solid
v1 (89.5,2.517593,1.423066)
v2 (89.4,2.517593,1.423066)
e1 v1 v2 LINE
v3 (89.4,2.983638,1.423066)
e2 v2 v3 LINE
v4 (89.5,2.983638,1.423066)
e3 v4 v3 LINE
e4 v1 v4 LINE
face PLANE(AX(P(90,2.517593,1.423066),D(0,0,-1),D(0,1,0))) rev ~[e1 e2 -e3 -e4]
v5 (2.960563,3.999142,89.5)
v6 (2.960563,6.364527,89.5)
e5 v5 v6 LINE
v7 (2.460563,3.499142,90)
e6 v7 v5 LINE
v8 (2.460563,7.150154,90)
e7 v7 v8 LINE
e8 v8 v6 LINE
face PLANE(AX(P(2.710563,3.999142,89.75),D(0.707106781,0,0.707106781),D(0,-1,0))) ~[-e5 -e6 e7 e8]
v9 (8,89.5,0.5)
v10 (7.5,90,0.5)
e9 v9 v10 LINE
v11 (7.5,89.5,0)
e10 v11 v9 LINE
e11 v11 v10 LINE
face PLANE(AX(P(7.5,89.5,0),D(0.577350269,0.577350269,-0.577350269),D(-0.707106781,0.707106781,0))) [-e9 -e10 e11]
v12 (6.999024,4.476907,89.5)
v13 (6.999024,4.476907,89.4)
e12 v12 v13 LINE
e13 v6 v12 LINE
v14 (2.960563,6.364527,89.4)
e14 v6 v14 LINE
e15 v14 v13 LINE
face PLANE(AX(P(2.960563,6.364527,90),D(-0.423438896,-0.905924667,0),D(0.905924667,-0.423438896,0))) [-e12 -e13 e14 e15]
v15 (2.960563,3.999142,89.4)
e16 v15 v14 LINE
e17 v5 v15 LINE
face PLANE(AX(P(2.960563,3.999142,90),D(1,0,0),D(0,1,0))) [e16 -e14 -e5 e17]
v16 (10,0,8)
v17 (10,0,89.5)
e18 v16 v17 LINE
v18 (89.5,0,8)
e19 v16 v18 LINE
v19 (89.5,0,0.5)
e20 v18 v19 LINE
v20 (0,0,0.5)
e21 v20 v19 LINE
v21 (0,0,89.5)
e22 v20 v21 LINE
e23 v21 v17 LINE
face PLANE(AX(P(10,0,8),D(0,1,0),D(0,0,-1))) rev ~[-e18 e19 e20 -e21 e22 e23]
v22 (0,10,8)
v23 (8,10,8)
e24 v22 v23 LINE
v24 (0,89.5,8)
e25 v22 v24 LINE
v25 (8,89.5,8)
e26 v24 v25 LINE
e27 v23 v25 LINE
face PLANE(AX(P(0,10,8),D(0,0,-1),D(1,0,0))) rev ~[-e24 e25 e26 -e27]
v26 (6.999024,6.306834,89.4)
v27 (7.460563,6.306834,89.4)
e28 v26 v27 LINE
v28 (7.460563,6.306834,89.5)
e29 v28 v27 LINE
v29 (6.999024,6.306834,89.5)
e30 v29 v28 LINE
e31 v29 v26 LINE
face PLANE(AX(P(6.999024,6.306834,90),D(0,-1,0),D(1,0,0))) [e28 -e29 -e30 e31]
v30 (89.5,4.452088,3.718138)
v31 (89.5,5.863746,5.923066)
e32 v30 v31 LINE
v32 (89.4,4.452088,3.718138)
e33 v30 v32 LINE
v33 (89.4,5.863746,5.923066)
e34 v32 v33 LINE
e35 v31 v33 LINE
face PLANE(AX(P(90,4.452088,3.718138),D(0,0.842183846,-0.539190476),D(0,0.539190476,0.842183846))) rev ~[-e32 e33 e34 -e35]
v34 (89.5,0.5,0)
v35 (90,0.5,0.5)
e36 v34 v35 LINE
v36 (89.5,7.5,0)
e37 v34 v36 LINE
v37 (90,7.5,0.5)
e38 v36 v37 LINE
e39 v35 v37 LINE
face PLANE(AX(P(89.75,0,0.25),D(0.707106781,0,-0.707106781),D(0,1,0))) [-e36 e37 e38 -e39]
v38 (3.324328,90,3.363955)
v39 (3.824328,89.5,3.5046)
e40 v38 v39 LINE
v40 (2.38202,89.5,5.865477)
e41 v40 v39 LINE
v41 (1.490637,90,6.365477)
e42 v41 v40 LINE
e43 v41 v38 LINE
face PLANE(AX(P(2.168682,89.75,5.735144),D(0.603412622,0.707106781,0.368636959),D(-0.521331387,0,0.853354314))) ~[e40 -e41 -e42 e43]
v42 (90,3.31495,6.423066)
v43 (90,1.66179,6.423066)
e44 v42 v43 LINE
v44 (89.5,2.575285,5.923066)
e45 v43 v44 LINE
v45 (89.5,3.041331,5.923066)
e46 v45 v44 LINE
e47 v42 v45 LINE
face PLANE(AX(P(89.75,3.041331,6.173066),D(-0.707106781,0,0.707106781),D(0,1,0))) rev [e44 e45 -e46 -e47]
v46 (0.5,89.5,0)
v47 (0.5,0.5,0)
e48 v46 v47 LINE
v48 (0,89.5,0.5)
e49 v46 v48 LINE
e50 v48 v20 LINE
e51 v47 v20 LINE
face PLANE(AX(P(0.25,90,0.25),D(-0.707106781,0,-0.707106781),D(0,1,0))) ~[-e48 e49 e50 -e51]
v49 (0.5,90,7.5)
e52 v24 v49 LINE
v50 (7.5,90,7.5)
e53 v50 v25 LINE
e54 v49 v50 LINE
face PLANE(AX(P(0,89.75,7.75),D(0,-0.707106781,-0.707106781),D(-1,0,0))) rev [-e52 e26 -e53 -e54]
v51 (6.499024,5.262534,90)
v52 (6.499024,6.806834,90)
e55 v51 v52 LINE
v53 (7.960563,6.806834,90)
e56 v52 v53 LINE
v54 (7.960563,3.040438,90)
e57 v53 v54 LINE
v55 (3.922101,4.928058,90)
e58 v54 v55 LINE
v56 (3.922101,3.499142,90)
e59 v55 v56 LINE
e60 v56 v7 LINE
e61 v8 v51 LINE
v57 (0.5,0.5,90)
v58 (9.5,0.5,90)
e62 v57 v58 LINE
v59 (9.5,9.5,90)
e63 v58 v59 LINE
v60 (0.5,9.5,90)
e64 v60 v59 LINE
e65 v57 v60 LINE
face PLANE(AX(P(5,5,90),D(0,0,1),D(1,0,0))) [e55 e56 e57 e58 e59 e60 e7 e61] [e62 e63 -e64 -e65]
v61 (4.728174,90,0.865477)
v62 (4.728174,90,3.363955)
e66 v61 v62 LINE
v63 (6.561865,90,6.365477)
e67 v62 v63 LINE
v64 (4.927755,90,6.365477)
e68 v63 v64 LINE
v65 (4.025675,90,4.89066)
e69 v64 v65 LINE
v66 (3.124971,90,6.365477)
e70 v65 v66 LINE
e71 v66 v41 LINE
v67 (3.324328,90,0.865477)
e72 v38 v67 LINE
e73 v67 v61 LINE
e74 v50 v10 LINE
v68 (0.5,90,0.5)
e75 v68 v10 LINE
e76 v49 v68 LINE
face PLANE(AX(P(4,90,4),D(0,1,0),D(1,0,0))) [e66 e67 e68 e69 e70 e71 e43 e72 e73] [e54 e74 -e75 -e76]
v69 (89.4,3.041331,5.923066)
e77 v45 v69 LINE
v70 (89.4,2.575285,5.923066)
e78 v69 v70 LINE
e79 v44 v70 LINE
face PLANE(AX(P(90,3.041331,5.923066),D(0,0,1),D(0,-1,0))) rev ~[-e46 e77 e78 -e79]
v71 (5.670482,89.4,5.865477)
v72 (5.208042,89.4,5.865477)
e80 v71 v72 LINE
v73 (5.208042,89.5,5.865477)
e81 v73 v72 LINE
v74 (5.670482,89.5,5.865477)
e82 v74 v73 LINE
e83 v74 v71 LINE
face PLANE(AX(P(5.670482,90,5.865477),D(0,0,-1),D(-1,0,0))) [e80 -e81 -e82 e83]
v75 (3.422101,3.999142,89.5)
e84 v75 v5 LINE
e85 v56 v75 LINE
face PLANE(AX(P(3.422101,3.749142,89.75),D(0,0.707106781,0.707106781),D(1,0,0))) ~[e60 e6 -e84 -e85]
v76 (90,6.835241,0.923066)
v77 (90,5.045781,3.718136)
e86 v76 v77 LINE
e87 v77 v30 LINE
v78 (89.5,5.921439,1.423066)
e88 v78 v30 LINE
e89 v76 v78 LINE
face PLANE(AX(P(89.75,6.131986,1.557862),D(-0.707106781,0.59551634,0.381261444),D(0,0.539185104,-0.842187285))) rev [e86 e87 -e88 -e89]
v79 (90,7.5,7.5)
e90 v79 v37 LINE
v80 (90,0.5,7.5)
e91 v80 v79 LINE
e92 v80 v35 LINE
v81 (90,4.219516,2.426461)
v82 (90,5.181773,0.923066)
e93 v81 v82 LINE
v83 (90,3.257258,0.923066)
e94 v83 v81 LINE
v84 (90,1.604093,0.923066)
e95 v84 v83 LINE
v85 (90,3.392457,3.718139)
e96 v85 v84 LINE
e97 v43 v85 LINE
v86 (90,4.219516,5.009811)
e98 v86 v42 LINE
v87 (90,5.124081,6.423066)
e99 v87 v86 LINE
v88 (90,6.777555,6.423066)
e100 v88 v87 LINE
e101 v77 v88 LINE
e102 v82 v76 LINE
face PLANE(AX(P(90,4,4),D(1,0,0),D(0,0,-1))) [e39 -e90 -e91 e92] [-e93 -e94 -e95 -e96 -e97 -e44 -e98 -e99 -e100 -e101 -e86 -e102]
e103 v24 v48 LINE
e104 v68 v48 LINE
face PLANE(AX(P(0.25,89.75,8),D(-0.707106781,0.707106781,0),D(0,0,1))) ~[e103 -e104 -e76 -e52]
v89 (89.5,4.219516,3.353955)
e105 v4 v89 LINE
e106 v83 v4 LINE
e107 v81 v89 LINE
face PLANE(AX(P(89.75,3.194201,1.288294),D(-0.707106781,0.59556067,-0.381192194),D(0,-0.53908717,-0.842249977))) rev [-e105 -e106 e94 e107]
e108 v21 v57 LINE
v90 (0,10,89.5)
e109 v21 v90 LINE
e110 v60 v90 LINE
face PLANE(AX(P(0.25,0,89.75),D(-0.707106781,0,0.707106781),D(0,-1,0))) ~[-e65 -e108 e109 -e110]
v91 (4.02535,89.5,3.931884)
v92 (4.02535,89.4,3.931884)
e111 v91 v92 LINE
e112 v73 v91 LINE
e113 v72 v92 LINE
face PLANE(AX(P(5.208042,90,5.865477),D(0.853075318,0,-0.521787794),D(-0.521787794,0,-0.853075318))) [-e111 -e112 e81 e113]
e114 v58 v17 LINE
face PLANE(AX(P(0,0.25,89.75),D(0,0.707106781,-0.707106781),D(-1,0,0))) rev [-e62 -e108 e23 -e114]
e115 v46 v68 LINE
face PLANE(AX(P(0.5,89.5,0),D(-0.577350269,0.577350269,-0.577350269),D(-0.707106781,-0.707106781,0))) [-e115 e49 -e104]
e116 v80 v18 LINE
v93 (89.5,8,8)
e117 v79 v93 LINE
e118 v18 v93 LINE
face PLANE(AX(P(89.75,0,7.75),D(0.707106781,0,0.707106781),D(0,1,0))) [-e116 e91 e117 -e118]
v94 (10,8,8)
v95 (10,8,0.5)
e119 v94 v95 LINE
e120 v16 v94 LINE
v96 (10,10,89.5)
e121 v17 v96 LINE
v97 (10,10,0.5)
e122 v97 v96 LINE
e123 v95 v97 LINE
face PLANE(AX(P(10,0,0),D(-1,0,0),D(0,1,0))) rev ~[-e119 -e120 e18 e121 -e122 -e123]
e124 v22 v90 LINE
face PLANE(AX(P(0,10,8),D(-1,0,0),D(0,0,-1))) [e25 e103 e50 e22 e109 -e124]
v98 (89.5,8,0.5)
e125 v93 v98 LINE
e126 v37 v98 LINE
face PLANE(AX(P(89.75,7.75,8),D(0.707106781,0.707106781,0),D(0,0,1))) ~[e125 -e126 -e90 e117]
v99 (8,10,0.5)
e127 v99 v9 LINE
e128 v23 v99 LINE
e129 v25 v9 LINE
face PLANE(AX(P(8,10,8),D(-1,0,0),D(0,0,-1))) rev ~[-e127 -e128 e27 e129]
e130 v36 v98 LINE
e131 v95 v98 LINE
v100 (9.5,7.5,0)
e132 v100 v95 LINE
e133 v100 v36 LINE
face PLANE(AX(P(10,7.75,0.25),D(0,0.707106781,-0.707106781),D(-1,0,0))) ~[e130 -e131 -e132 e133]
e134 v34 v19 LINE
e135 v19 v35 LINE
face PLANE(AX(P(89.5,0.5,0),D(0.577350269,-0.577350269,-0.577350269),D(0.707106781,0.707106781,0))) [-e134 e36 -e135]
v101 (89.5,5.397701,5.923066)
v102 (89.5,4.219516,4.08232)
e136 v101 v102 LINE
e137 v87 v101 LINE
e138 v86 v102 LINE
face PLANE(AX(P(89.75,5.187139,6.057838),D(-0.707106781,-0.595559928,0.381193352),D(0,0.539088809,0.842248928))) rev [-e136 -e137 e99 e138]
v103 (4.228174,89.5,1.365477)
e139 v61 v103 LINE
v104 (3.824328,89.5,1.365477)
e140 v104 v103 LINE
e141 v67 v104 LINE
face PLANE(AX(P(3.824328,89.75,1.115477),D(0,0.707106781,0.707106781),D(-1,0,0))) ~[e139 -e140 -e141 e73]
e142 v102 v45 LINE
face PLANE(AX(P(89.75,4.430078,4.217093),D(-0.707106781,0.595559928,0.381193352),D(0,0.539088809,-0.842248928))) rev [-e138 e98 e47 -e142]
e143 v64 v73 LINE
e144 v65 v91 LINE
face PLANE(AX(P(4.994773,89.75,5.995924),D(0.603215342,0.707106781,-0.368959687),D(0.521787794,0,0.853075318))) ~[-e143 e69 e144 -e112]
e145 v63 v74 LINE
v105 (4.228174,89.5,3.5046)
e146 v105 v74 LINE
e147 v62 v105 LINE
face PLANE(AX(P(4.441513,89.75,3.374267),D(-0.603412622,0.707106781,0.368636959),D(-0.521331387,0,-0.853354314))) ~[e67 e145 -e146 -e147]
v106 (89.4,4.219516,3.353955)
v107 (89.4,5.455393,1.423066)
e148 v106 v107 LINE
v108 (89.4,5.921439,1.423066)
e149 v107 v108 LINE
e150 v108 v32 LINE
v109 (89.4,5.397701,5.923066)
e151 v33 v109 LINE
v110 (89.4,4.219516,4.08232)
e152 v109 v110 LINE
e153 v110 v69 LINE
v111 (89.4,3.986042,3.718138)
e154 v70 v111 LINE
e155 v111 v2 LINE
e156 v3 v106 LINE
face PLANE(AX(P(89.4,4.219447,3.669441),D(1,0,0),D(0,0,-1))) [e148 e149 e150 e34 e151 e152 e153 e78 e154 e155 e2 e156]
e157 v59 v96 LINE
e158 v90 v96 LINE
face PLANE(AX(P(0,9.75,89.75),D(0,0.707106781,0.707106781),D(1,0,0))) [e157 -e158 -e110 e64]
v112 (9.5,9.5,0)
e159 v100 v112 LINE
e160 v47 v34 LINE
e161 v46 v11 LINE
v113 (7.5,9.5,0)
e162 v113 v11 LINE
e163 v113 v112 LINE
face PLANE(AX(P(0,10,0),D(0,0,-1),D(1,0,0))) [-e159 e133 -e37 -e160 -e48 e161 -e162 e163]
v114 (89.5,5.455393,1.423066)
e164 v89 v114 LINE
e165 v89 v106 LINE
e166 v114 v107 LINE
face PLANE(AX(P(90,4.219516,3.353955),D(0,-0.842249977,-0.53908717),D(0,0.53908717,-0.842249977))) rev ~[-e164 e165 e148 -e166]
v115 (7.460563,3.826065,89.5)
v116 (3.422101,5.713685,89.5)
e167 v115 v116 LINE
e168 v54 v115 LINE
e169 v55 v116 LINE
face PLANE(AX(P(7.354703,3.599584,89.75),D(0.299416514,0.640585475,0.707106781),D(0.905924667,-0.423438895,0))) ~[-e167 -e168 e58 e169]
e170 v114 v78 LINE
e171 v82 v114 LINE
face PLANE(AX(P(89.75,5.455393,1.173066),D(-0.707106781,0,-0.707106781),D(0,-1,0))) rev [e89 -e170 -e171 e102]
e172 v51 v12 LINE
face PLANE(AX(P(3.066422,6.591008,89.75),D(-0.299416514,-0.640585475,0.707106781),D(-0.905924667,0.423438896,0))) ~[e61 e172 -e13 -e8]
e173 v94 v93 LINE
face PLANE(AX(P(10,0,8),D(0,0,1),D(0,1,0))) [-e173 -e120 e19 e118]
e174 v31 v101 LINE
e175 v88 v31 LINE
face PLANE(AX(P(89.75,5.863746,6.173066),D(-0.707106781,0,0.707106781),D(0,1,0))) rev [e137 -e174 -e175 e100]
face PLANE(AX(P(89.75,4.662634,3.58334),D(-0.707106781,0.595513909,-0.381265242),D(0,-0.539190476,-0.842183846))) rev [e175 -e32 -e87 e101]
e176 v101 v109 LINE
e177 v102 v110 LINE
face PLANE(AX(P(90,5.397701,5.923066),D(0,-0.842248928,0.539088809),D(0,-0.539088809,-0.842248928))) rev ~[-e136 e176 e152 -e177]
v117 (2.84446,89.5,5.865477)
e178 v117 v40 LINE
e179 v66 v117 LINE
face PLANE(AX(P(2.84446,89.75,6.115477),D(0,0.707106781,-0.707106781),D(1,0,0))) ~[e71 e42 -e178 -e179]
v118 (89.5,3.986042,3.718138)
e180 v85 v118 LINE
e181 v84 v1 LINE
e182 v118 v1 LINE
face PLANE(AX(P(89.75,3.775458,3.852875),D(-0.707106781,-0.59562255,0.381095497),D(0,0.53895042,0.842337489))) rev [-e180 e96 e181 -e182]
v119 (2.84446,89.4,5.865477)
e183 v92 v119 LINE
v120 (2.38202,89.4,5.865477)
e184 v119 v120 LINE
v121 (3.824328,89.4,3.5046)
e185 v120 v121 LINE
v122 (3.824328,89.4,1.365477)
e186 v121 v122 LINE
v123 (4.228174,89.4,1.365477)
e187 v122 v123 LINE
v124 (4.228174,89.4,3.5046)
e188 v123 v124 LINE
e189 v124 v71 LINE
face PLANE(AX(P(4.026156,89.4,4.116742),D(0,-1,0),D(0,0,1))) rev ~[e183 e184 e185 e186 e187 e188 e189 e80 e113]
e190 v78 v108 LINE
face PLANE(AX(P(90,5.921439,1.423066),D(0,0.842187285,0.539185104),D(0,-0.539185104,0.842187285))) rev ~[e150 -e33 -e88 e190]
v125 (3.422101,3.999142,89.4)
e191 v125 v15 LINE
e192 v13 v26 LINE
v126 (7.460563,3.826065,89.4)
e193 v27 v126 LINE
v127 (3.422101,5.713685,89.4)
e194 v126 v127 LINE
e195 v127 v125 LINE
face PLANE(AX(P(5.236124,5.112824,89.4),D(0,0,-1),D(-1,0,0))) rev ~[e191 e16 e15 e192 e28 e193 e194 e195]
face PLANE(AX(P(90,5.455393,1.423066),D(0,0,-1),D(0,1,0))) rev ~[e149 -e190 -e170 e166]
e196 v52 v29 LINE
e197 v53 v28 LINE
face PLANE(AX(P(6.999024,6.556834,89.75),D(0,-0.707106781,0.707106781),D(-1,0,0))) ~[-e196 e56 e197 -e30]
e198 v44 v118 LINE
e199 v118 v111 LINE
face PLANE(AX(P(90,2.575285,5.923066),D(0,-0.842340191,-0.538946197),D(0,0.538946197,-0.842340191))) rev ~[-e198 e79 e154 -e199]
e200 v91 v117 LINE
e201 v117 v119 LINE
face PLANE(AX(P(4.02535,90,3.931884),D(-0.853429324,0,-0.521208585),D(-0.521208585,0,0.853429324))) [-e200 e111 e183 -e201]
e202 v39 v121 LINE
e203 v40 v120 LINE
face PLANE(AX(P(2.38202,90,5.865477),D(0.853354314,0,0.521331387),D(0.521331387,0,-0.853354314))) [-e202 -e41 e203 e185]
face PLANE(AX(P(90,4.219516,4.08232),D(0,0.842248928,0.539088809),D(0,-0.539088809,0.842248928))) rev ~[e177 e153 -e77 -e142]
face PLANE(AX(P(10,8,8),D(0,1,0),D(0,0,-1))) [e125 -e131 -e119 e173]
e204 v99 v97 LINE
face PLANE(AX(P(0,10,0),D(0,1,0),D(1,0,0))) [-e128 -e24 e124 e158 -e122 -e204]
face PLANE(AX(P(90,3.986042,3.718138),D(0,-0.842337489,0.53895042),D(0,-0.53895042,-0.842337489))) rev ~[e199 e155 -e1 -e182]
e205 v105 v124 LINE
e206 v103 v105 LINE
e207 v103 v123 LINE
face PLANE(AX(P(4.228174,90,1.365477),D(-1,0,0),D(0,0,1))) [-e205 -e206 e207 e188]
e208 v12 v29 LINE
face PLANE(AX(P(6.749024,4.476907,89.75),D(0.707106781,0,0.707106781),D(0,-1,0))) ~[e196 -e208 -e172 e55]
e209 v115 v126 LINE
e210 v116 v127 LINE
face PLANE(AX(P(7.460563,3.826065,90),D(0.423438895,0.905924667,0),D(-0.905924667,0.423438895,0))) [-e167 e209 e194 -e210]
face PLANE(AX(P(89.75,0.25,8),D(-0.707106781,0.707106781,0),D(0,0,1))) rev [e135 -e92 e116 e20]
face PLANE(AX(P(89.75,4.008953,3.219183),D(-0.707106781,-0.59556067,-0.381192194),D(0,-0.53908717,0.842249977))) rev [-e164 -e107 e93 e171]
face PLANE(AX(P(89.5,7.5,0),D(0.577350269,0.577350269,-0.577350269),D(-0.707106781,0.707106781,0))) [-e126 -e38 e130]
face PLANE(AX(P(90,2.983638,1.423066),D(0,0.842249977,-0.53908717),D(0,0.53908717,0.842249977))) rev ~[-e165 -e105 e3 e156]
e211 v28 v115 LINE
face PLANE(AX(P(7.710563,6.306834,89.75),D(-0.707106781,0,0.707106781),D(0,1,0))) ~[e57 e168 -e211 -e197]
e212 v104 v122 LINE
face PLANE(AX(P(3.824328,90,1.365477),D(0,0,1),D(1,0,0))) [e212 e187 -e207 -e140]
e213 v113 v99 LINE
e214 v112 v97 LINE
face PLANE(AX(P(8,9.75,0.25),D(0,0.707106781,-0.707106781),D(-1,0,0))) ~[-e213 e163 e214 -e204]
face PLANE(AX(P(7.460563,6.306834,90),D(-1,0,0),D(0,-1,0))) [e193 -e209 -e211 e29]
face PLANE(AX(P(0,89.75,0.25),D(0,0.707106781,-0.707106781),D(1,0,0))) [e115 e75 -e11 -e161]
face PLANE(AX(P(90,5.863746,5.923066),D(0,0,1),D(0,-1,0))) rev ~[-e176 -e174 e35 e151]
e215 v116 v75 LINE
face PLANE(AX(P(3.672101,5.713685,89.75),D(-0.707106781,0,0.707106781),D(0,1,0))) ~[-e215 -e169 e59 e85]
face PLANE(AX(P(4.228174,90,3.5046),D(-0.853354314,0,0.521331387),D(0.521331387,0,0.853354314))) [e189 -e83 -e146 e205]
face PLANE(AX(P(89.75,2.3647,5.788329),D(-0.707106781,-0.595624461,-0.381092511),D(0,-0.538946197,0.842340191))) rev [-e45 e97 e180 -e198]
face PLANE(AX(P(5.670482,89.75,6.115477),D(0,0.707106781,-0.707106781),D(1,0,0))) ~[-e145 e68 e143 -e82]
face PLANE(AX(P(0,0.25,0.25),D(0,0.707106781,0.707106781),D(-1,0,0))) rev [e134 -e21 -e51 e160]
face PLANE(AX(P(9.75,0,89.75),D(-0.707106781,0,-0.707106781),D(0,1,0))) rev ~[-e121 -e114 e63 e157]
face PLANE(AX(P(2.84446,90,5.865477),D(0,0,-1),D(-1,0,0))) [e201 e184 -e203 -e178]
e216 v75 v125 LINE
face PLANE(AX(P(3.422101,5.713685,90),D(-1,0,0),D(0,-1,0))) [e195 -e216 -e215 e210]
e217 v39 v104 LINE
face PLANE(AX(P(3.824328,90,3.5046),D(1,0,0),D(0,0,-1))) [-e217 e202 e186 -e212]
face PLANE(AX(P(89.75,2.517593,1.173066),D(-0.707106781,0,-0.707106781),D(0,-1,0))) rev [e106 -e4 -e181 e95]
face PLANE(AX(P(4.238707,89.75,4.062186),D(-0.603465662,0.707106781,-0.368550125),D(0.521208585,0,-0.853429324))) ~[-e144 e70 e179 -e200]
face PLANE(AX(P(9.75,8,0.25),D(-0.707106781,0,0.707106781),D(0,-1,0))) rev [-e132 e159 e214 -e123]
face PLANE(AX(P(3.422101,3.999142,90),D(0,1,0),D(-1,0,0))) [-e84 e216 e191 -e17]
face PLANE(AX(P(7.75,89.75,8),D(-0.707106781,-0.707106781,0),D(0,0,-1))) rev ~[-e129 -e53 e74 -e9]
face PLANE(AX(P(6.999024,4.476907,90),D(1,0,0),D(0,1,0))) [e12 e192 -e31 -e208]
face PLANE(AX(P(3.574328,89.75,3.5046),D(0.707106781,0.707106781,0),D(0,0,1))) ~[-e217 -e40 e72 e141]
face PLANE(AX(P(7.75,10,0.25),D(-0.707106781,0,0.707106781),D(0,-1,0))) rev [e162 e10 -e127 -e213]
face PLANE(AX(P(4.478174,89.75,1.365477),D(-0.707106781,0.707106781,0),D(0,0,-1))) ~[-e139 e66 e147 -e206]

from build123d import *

# Parameters (mm, degrees)
SKETCH1_W           = 10
SKETCH1_H           = 10
BOSS_EXTRUDE1_DEPTH = 90
SKETCH2_W           = 8
SKETCH2_H           = 8
BOSS_EXTRUDE2_DEPTH = 80
SKETCH3_W           = 8
SKETCH3_H           = 8
BOSS_EXTRUDE3_DEPTH = 80
CUT_EXTRUDE1_DEPTH  = 0.6
CUT_EXTRUDE2_DEPTH  = 0.6
CUT_EXTRUDE3_DEPTH  = 0.6
CHAMFER1_SIZE       = 0.5


with BuildPart() as part:
    # Sketch1 → Boss-Extrude1 (new body)
    with BuildSketch(Plane.XY):
        with Locations((5, 5)):
            Rectangle(SKETCH1_W, SKETCH1_H)
    extrude(amount=BOSS_EXTRUDE1_DEPTH)

    # Sketch2 → Boss-Extrude2 (add)
    with BuildSketch(Plane(origin=(10, 0, 0), x_dir=(0, 0, -1), z_dir=(1, 0, 0))):
        with Locations((-4, 4)):
            Rectangle(SKETCH2_W, SKETCH2_H)
    extrude(amount=BOSS_EXTRUDE2_DEPTH)

    # Sketch3 → Boss-Extrude3 (add)
    with BuildSketch(Plane(origin=(0, 10, 0), x_dir=(1, 0, 0), z_dir=(0, 1, 0))):
        with Locations((4, -4)):
            Rectangle(SKETCH3_W, SKETCH3_H)
    extrude(amount=BOSS_EXTRUDE3_DEPTH)

    # Sketch6 → Cut-Extrude1 (cut)
    with BuildSketch(Plane(origin=(90, 0, 0), x_dir=(0, 0, -1), z_dir=(1, 0, 0))):
        Polygon((-5.923065511, 5.863746423), (-5.923065511, 5.39770075), (-4.082320318, 4.219515654), (-5.923065511, 3.041330558), (-5.923065511, 2.575284885), (-3.718137626, 3.986042096), (-1.423065511, 2.517592577), (-1.423065511, 2.98363825), (-3.353954934, 4.219515654), (-1.423065511, 5.455393058), (-1.423065511, 5.921438731), (-3.718137626, 4.452087769), align=None)
    extrude(amount=-CUT_EXTRUDE1_DEPTH, mode=Mode.SUBTRACT)

    # Sketch7 → Cut-Extrude2 (cut)
    with BuildSketch(Plane(origin=(0, 90, 0), x_dir=(0, 0, -1), z_dir=(0, 1, 0))):
        Polygon((-5.865477289, -5.670481901), (-5.865477289, -5.208041997), (-3.931883539, -4.025349689), (-5.865477289, -2.844460266), (-5.865477289, -2.382020363), (-3.504599885, -3.824328055), (-1.365477289, -3.824328055), (-1.365477289, -4.228174209), (-3.504599885, -4.228174209), align=None)
    extrude(amount=-CUT_EXTRUDE2_DEPTH, mode=Mode.SUBTRACT)

    # Sketch8 → Cut-Extrude3 (cut)
    with BuildSketch(Plane.XY.offset(90)):
        Polygon((3.422101108, 3.999142166), (2.960562647, 3.999142166), (2.960562647, 6.364526781), (6.999024185, 4.476906589), (6.999024185, 6.306834473), (7.460562647, 6.306834473), (7.460562647, 3.826065243), (3.422101108, 5.713685435), align=None)
    extrude(amount=-CUT_EXTRUDE3_DEPTH, mode=Mode.SUBTRACT)

    # Chamfer1
    chamfer1_edges = [part.edges().sort_by_distance(p)[0] for p in [
        (5.441331878, 4.769875339, 90),
        (7.460562647, 5.066449858, 90),
        (7.229793416, 6.306834473, 90),
        (6.999024185, 5.391870531, 90),
        (4.979793416, 5.420716685, 90),
        (2.960562647, 5.181834473, 90),
        (3.191331878, 3.999142166, 90),
        (3.422101108, 4.8564138, 90),
        (5, 10, 90),
        (10, 5, 90),
        (5, 0, 90),
        (0, 5, 90),
        (4.026251132, 90, 1.365477289),
        (3.824328055, 90, 2.435038587),
        (3.103174209, 90, 4.685038587),
        (2.613240314, 90, 5.865477289),
        (3.434904978, 90, 4.898680414),
        (4.616695843, 90, 4.898680414),
        (5.439261949, 90, 5.865477289),
        (4.949328055, 90, 4.685038587),
        (4.228174209, 90, 2.435038587),
        (90, 5.630723587, 5.923065511),
        (90, 4.808608202, 5.002692915),
        (90, 3.630423106, 5.002692915),
        (90, 2.808307721, 5.923065511),
        (90, 3.28066349, 4.820601568),
        (90, 3.251817337, 2.570601568),
        (90, 2.750615413, 1.423065511),
        (90, 3.601576952, 2.388510222),
        (90, 4.837454356, 2.388510222),
        (90, 5.688415894, 1.423065511),
        (90, 5.18676325, 2.570601568),
        (90, 5.157917096, 4.820601568),
        (8, 90, 4),
        (4, 90, 8),
        (0, 90, 4),
        (90, 4, 8),
        (90, 8, 4),
        (90, 0, 4),
        (45, 0, 0),
        (90, 4, 0),
        (50, 8, 0),
        (10, 9, 0),
        (9, 10, 0),
        (8, 50, 0),
        (4, 90, 0),
        (0, 45, 0),
    ]]
    chamfer(chamfer1_edges, length=CHAMFER1_SIZE)


solid = part.part
